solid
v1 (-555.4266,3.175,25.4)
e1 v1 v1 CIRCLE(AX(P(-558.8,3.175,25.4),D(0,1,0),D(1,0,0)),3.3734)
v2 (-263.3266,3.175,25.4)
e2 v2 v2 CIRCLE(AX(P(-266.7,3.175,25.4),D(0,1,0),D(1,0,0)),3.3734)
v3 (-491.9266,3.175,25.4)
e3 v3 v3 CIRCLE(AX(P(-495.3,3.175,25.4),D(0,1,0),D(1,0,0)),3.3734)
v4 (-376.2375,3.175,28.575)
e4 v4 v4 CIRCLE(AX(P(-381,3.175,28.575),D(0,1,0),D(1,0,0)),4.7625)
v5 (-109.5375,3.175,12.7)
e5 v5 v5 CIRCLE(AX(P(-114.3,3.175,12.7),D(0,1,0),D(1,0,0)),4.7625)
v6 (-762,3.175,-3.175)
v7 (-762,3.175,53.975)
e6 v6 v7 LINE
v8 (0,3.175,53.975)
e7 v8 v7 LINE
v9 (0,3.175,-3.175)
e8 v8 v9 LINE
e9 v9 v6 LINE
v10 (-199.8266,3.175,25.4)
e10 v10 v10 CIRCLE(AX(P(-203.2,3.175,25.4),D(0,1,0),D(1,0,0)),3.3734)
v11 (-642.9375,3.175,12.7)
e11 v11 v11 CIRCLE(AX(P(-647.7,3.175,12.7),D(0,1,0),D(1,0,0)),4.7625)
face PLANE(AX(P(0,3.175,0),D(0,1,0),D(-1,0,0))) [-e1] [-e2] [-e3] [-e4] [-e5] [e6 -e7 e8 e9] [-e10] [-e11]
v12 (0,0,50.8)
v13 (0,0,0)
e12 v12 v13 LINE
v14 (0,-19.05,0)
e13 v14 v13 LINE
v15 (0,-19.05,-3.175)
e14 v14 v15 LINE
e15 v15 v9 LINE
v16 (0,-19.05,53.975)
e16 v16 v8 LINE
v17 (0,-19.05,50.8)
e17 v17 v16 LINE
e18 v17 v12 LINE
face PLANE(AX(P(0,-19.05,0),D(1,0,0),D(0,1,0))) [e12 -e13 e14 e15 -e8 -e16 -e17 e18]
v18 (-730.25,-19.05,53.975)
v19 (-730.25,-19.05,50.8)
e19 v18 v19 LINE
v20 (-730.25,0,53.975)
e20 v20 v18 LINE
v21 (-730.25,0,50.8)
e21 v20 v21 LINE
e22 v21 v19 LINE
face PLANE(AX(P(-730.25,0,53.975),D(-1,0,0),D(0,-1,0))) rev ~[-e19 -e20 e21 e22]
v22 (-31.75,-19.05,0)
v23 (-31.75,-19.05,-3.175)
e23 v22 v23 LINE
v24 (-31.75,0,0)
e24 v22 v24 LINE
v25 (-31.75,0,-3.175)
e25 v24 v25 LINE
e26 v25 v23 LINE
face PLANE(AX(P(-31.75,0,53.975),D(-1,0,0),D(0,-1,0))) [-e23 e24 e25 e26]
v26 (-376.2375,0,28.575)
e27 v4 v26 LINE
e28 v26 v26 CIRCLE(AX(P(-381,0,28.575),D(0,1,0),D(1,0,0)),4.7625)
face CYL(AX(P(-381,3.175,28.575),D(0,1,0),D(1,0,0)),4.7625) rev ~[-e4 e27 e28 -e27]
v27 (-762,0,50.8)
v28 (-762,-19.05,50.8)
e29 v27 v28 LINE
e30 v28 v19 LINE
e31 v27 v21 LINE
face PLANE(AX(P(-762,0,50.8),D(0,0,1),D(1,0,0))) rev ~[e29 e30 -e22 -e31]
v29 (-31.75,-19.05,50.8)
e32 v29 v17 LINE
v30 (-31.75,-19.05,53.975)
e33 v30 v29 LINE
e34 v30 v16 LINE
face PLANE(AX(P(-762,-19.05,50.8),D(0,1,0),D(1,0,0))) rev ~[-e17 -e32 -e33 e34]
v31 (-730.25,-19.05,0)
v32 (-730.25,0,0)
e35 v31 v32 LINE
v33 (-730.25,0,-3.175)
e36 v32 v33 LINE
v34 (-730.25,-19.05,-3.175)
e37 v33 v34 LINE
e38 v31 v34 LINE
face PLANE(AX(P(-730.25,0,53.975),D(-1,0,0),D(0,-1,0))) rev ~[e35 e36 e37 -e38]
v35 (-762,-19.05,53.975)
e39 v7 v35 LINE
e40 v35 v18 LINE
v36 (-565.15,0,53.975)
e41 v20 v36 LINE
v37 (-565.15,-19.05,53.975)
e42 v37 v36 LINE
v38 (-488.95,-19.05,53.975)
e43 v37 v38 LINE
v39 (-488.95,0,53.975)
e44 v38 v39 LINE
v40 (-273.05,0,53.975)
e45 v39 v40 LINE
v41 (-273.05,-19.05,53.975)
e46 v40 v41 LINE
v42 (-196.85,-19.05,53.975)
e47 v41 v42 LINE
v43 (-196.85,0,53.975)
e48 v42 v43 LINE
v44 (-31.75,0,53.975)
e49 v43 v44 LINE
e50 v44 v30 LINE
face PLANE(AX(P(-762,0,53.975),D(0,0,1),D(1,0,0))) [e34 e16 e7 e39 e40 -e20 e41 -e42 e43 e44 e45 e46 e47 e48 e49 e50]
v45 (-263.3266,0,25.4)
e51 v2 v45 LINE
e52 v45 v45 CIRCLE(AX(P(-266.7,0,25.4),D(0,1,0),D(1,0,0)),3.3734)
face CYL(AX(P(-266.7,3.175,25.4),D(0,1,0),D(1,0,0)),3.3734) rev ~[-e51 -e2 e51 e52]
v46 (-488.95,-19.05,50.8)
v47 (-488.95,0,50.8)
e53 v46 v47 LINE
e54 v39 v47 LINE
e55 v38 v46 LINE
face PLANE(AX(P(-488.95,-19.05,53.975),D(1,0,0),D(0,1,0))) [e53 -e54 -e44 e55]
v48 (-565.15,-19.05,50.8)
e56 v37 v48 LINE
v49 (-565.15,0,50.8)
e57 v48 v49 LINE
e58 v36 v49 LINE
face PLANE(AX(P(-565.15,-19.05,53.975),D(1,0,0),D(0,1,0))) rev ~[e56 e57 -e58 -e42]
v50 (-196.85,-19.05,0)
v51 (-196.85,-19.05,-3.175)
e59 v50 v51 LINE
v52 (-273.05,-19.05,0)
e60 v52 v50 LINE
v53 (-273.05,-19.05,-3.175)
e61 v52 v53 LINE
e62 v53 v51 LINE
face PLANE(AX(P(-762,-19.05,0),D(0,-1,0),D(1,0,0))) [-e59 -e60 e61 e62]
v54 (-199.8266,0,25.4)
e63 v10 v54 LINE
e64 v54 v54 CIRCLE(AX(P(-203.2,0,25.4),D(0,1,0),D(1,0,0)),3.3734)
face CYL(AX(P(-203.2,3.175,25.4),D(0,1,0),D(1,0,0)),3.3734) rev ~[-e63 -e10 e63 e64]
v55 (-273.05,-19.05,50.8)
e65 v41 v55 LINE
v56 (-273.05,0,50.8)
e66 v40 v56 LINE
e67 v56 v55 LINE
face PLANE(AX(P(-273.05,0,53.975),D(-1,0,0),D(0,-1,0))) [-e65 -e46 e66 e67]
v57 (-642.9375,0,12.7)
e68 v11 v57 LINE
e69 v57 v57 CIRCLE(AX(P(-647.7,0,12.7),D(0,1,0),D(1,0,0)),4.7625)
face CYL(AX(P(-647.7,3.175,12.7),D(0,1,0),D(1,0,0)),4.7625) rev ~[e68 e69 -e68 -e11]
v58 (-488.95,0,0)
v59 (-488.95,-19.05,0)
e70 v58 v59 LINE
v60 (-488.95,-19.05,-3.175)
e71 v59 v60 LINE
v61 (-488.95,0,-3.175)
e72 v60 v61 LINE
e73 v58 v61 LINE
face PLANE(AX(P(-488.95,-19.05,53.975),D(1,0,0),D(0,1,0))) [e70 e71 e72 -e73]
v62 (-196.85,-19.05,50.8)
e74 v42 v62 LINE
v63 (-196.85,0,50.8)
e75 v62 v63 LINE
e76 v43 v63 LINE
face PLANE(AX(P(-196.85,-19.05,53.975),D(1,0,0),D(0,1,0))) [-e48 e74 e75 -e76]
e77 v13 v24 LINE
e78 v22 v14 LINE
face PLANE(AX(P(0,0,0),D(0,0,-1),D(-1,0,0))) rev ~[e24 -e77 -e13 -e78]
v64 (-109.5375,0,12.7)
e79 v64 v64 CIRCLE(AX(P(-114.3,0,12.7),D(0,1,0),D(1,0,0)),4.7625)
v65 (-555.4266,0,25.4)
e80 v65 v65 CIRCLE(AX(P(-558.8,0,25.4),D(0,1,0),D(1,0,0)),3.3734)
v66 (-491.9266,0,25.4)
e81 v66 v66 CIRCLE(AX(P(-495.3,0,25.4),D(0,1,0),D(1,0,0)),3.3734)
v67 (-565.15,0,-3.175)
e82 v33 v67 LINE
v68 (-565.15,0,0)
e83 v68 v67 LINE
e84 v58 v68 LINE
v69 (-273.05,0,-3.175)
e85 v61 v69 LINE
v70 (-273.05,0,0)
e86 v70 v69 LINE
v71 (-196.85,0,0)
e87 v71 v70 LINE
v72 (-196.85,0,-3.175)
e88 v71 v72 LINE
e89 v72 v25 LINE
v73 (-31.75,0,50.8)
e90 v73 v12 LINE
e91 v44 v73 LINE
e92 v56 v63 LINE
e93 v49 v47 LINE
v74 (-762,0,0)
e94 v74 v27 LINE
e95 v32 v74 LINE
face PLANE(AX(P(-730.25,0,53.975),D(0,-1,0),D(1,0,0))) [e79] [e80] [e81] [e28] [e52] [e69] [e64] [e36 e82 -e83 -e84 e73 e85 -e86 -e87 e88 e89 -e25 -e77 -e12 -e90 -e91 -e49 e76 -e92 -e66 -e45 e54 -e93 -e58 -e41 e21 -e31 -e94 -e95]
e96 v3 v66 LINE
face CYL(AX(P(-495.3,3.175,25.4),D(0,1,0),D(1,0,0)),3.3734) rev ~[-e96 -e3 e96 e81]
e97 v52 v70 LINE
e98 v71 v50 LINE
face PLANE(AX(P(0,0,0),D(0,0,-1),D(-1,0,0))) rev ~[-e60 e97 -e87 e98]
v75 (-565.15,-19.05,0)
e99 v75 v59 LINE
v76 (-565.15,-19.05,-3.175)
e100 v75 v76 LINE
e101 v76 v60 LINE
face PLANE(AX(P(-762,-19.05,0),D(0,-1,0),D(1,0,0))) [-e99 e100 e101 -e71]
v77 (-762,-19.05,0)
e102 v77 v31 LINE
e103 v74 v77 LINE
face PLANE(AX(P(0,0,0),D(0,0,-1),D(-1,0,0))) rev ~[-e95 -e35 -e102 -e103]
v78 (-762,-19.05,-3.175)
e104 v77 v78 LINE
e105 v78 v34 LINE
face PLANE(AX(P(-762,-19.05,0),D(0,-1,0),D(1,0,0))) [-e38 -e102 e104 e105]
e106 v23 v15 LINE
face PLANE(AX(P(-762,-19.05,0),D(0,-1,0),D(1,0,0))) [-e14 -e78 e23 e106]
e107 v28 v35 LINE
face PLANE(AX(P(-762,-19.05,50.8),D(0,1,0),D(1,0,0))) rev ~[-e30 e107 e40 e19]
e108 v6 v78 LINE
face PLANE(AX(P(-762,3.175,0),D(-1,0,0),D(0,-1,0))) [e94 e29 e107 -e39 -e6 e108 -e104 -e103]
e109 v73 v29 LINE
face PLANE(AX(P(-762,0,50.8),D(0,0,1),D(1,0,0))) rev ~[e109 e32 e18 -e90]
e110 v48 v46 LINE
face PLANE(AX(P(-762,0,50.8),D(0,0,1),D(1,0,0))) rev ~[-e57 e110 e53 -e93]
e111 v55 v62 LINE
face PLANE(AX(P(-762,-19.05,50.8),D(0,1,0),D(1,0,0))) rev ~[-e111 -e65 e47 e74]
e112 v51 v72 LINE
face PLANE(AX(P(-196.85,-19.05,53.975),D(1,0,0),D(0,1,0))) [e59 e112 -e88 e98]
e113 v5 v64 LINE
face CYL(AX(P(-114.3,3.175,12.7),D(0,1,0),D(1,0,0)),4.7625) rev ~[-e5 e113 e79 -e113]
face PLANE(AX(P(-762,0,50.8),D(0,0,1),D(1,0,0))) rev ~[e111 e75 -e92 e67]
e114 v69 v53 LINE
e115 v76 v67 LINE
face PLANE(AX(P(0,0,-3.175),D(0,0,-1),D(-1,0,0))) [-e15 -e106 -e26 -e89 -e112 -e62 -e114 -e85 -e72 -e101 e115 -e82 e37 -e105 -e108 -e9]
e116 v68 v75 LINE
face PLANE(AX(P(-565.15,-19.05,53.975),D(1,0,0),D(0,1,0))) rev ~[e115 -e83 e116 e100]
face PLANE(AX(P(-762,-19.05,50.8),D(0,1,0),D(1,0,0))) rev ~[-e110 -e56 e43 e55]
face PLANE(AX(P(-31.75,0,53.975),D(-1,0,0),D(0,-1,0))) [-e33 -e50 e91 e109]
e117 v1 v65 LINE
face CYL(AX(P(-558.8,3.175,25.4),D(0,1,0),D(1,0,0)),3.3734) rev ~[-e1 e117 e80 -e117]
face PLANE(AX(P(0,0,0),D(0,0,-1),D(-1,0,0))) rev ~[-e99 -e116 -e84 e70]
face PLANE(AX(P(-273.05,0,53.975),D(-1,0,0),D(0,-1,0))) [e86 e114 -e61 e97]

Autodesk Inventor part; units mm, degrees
ref_plane "YZ Plane" through (0, 0, 0) normal (1, 0, 0) x (0, 1, 0)
ref_plane "XZ Plane" through (0, 0, 0) normal (0, 1, 0) x (-1, 0, 0)
ref_plane "XY Plane" through (0, 0, 0) normal (0, 0, 1) x (1, 0, 0)
sketch "Sketch1" plane through (0, 0, 0) normal (0, 1, 0) x (-1, 0, 0)
  line L0 (0, 0) -> (762, 0)
  line L1 (762, 0) -> (762, 50.8)
  line L2 (762, 50.8) -> (0, 50.8)
  line L3 (0, 50.8) -> (0, 0)
  dimension "d0" = 762
  dimension "d1" = 50.8
extrude "Extrusion1" add sketch "Sketch1" along normal blind 3.175
sketch "Sketch2" plane through (0, 3.175, 0) normal (0, 1, 0) x (1, 0, 0)
  circle A0 centre (-381, -28.575) radius 4.7625
  line L0 (0, 0) -> (-762, 0) projected
  line L1 (0, -50.8) -> (0, 0) projected
  circle A1 centre (-114.3, -12.7) radius 4.7625
  line L2 (-762, -50.8) -> (0, -50.8) projected
  circle A2 centre (-647.7, -12.7) radius 4.7625
  line L3 (-647.7, 0) -> (-647.7, -50.8) construction
  line L4 (-762, -50.8) -> (0, -50.8) construction
  line L5 (-114.3, -50.8) -> (-114.3, 0) construction
  circle A3 centre (-558.8, -25.4) radius 3.3734
  line L6 (-762, 0) -> (-762, -50.8) projected
  circle A4 centre (-495.3, -25.4) radius 3.3734
  circle A5 centre (-203.2, -25.4) radius 3.3734
  circle A6 centre (-266.7, -25.4) radius 3.3734
  dimension "d4" = 9.525
  dimension "d5" = 28.575
  dimension "d6" = 381
  dimension "d9" = 9.525
  dimension "d10" = 38.1
  dimension "d12" = 9.525
  dimension "d13" = 38.1
  dimension "d31" = 266.7
  dimension "d32" = 266.7
  dimension "d33" = 6.7469
  dimension "d34" = 203.2
  dimension "d35" = 25.4
  dimension "d36" = 6.7469
  dimension "d37" = 25.4
  dimension "d38" = 266.7
  dimension "d39" = 6.7469
  dimension "d40" = 6.7469
  dimension "d41" = 25.4
  dimension "d42" = 25.4
  dimension "d43" = 203.2
  dimension "d44" = 266.7
extrude "Extrusion2" cut sketch "Sketch2" against normal blind 3.175 contours A0 | A1 | A2 | A3 | A4 | A5 | A6
sketch "Sketch3" plane through (-762, 0, 50.8) normal (0, 0, 1) x (1, 0, 0)
  line L0 (762, 3.175) -> (0, 3.175) projected
  line L1 (762, 3.175) -> (0, 3.175)
  line L2 (0, 3.175) -> (0, -19.05)
  line L3 (0, -19.05) -> (762, -19.05)
  line L4 (762, -19.05) -> (762, 3.175)
  point P0 (762, 0)
  dimension "d15" = 762
  dimension "d16" = 22.225
extrude "Extrusion3" add sketch "Sketch3" along normal blind 3.175
sketch "Sketch4" plane through (0, 0, 0) normal (0, 0, -1) x (-1, 0, 0)
  line L0 (0, 3.175) -> (762, 3.175)
  line L1 (762, 3.175) -> (762, -19.05)
  line L2 (762, -19.05) -> (0, -19.05)
  line L3 (0, -19.05) -> (0, 3.175)
  dimension "d19" = 762
  dimension "d20" = 22.225
extrude "Extrusion4" add sketch "Sketch4" along normal blind 3.175
sketch "Sketch5" plane through (-762, 0, 53.975) normal (0, 0, 1) x (1, 0, 0)
  line L0 (762, -19.05) -> (0, -19.05) projected
  line L1 (0, 0) -> (762, 0) projected
  line L2 (730.25, -19.05) -> (565.15, -19.05)
  line L3 (565.15, -19.05) -> (565.15, 0)
  line L4 (565.15, 0) -> (730.25, 0)
  line L5 (730.25, 0) -> (730.25, -19.05)
  line L6 (762, -19.05) -> (762, 3.175) projected
  line L7 (488.95, -19.05) -> (273.05, -19.05)
  line L8 (273.05, -19.05) -> (273.05, 0)
  line L9 (273.05, 0) -> (488.95, 0)
  line L10 (488.95, 0) -> (488.95, -19.05)
  line L11 (31.75, -19.05) -> (196.85, -19.05)
  line L12 (196.85, -19.05) -> (196.85, 0)
  line L13 (196.85, 0) -> (31.75, 0)
  line L14 (31.75, 0) -> (31.75, -19.05)
  line L15 (0, 3.175) -> (0, -19.05) projected
  dimension "d23" = 165.1
  dimension "d24" = 31.75
  dimension "d25" = 215.9
  dimension "d26" = 76.2
  dimension "d27" = 165.1
  dimension "d28" = 31.75
extrude "Extrusion5" cut sketch "Sketch5" against normal blind 57.15 contours L0 L3 L1 L5 | L0 L8 L1 L10 | L0 L14 L1 L12
properties part number "side plate" material "Aluminum 6061"
